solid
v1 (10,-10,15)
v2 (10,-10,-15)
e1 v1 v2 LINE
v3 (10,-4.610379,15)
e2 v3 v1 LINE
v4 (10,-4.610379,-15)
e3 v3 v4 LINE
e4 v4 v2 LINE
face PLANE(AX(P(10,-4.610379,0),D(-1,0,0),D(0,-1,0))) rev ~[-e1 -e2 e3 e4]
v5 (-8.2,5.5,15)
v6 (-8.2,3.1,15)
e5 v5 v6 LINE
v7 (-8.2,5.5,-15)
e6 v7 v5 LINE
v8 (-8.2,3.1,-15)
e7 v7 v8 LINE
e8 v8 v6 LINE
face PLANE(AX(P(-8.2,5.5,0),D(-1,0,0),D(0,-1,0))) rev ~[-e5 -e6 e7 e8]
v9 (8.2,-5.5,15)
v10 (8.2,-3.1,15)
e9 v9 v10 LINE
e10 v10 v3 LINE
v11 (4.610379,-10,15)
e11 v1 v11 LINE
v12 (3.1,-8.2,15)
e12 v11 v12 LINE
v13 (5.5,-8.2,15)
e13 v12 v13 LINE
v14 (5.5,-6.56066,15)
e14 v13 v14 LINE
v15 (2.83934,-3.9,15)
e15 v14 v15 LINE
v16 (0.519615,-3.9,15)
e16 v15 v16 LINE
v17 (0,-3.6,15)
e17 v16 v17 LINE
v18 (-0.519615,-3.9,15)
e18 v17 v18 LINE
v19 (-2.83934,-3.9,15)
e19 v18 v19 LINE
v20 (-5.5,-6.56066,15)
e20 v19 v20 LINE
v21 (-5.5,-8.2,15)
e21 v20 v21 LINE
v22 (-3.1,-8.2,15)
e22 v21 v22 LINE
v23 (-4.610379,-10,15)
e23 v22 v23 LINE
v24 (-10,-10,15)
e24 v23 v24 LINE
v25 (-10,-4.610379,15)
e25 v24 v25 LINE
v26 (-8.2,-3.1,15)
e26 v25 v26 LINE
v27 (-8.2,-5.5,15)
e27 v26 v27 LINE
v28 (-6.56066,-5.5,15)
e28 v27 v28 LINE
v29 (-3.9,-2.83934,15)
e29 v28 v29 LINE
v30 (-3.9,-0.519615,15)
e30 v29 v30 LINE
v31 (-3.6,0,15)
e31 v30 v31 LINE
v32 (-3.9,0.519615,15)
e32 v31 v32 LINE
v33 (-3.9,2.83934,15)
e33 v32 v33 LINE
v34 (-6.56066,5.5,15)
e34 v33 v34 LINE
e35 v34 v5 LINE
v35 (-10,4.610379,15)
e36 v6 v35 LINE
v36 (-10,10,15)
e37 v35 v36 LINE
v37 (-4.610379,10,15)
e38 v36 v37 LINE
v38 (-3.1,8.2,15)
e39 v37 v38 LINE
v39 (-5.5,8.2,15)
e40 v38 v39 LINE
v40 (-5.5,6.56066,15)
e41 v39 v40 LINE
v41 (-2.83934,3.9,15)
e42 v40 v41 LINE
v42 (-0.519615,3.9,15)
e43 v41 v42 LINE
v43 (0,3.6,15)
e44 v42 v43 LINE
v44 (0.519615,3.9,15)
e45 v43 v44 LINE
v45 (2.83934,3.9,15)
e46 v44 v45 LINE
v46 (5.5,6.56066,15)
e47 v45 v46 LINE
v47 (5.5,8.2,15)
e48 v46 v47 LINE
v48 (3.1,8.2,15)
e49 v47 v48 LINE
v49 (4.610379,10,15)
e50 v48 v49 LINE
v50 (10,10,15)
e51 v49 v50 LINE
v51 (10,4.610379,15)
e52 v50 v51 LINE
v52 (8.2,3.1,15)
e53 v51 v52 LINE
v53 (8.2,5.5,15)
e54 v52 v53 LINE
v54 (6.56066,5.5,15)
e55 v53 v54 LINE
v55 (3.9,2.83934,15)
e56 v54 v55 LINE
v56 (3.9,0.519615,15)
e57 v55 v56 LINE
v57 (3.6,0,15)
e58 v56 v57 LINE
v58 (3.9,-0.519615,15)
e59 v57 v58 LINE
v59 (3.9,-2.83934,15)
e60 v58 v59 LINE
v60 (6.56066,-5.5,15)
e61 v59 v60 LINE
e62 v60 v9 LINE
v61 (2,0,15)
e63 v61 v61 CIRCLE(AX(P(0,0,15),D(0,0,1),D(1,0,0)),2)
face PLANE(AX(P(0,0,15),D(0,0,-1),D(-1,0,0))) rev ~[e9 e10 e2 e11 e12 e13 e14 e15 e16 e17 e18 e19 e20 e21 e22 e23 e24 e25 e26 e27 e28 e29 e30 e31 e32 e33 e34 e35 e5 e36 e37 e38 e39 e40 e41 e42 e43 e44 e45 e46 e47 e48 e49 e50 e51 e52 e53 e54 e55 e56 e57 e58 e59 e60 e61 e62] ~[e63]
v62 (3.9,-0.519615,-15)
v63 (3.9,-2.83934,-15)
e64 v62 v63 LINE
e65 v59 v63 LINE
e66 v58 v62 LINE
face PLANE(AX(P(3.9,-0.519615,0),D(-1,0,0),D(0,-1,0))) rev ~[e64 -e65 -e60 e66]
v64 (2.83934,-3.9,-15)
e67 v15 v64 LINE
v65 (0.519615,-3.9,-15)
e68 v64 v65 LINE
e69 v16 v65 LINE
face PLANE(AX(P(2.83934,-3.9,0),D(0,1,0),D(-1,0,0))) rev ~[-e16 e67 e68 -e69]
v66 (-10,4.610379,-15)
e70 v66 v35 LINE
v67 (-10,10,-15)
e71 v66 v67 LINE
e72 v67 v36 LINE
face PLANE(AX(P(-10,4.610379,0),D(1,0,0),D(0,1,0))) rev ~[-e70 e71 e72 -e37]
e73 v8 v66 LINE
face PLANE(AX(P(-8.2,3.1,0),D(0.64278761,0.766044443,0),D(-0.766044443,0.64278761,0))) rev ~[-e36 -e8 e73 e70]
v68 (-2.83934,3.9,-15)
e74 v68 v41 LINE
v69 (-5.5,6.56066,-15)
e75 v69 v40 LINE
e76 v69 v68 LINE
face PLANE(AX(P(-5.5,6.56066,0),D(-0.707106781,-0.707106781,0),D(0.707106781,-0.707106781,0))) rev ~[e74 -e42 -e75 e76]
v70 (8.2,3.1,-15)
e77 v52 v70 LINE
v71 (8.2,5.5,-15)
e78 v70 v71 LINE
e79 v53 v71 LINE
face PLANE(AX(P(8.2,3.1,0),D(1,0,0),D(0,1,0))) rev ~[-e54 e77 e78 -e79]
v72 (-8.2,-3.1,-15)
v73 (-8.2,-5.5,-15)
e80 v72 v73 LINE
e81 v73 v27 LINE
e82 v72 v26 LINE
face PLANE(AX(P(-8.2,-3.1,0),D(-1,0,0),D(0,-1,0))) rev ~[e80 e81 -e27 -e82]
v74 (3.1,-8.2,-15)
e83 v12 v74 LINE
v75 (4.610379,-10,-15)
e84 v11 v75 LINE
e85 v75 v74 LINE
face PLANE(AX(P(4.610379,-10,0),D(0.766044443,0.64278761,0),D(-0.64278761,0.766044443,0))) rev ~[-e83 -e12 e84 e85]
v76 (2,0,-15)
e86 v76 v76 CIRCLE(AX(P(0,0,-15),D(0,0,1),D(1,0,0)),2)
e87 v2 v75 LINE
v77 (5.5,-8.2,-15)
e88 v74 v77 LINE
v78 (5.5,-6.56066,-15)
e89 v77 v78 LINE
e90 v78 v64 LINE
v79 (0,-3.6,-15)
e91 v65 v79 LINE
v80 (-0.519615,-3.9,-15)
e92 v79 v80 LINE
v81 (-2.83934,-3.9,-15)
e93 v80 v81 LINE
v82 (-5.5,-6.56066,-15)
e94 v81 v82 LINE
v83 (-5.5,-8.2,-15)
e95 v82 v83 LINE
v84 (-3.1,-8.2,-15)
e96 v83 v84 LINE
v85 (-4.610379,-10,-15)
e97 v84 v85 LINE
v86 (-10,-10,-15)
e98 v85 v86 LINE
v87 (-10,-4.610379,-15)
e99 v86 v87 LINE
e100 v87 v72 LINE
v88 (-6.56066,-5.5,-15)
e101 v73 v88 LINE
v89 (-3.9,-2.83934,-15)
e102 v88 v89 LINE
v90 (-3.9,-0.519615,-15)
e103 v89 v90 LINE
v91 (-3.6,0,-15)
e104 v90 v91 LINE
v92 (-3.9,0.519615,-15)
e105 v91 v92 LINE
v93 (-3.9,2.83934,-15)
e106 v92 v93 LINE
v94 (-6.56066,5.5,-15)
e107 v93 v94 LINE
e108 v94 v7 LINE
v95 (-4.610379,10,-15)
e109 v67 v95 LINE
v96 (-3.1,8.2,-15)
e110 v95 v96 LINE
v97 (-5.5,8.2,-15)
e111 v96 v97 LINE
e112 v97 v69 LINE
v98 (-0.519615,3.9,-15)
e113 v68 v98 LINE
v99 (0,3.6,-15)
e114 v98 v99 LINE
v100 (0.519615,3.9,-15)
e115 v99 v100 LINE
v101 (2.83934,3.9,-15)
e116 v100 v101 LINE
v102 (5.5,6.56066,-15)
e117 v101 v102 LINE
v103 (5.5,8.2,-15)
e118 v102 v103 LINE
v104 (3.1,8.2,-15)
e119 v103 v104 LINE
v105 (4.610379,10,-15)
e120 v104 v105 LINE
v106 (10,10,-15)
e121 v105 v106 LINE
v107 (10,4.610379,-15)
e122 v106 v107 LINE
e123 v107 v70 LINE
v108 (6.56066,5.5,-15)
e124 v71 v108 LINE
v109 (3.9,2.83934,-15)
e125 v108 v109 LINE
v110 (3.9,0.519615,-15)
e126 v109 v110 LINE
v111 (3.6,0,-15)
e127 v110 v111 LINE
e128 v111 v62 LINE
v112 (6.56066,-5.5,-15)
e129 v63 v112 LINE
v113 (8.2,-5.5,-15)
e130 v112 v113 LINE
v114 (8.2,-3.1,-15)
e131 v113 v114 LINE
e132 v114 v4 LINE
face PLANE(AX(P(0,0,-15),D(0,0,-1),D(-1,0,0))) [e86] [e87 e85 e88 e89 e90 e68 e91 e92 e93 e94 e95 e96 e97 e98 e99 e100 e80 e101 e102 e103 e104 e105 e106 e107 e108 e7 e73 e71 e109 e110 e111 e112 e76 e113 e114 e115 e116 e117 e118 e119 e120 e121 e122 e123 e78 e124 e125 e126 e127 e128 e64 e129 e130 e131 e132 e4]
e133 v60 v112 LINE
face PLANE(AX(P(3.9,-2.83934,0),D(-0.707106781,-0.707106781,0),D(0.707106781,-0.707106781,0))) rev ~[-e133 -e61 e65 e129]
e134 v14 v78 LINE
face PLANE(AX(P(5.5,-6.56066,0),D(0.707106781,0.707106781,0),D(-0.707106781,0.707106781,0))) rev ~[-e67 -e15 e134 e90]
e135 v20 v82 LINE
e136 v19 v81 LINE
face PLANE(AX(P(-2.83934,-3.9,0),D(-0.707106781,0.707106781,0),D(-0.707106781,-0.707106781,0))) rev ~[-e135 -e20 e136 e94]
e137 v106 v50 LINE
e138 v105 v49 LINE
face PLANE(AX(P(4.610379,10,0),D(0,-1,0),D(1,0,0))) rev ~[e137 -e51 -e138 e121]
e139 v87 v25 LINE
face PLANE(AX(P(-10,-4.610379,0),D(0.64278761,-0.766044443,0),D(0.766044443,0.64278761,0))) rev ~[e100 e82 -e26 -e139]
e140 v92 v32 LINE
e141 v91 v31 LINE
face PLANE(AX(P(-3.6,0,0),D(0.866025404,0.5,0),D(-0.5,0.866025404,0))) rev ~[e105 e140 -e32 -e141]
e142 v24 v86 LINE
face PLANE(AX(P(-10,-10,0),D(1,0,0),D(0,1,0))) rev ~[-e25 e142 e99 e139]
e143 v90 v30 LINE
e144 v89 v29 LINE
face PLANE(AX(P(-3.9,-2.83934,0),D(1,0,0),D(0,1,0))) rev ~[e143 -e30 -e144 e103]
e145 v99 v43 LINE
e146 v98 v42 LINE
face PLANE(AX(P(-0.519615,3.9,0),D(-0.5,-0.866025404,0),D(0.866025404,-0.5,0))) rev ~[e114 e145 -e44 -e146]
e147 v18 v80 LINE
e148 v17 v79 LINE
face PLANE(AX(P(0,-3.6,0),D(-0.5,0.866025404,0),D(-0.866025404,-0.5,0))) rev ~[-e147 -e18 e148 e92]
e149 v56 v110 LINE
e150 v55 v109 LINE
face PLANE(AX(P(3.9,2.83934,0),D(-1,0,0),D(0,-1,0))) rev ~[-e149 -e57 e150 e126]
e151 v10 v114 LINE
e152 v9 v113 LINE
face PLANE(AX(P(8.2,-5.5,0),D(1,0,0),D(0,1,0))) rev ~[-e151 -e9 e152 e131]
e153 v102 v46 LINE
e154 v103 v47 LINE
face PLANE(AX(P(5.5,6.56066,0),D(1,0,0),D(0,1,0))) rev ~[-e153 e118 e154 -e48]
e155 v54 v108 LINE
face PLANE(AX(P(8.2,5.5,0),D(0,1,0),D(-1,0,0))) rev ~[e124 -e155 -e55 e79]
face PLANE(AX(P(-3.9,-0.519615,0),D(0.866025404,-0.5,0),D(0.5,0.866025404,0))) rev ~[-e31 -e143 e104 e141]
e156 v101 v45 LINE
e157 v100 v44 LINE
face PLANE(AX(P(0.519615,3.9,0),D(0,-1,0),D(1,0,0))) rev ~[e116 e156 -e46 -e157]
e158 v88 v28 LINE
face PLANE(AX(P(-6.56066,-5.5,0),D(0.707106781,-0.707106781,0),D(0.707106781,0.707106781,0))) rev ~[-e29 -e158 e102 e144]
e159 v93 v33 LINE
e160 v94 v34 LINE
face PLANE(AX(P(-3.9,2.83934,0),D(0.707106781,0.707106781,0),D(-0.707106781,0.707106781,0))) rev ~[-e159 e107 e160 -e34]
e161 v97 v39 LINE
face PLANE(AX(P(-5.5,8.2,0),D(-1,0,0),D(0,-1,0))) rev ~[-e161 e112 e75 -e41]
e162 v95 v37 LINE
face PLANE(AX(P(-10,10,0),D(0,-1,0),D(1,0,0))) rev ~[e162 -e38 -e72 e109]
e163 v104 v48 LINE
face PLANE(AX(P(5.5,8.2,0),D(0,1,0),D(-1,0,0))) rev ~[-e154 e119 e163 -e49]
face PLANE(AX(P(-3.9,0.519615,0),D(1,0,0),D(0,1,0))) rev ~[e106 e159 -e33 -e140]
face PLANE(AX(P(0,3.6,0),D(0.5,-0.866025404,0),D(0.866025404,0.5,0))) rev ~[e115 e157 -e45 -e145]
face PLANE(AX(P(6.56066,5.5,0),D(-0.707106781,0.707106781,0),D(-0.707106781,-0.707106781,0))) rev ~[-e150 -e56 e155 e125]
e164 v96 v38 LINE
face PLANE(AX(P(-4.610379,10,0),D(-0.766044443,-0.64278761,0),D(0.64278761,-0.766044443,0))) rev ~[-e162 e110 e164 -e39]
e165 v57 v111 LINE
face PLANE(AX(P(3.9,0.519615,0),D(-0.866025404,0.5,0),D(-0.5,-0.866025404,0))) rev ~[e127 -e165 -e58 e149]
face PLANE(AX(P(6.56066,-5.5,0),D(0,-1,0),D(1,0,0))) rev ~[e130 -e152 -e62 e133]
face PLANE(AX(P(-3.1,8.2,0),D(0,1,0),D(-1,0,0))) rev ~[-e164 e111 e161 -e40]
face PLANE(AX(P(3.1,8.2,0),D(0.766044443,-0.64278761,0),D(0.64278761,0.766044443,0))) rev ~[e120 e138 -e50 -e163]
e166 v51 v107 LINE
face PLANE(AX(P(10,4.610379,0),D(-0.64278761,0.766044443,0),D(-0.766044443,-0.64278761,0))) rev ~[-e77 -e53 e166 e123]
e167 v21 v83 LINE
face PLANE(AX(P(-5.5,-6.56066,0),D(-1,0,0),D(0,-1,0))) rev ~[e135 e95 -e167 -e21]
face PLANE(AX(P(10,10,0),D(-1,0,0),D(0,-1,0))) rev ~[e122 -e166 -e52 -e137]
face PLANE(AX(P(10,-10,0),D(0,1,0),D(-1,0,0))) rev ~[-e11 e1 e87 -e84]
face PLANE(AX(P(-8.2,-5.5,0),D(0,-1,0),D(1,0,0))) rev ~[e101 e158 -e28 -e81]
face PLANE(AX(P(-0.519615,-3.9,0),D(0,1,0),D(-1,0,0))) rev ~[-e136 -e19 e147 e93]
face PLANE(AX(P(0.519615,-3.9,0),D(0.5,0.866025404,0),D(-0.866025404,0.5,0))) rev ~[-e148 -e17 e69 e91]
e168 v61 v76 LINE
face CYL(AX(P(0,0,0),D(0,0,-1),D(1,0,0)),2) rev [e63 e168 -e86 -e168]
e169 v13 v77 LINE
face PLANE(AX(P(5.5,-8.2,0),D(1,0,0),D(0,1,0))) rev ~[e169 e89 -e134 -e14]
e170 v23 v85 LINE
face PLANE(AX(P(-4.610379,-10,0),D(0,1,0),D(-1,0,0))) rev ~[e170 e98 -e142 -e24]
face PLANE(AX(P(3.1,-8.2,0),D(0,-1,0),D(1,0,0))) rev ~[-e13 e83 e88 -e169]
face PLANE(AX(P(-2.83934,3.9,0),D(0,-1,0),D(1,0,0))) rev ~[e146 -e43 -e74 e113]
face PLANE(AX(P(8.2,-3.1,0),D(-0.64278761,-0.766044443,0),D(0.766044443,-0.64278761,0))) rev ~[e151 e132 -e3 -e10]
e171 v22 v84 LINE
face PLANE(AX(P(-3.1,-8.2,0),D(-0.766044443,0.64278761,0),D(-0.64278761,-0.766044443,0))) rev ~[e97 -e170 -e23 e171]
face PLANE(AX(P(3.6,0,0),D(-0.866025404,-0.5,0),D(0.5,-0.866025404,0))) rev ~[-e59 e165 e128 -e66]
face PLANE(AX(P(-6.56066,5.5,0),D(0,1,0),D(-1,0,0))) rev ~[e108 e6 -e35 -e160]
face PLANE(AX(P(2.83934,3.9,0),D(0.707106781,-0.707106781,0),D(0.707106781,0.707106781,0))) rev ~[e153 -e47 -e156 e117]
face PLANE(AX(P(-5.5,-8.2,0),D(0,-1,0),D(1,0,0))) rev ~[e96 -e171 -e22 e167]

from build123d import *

# Parameters (mm, degrees)
SKETCH1_R           = 2
BOSS_EXTRUDE1_DEPTH = 15


with BuildPart() as part:
    # Sketch1 → Boss-Extrude1 (new body, symmetric)
    with BuildSketch(Plane.XY):
        Polygon((10, 10), (10, 4.610379336), (8.2, 3.1), (8.2, 5.5), (6.560660172, 5.5), (3.9, 2.839339828), (3.9, 0.519615242), (3.6, 0), (3.9, -0.519615242), (3.9, -2.839339828), (6.560660172, -5.5), (8.2, -5.5), (8.2, -3.1), (10, -4.610379336), (10, -10), (4.610379336, -10), (3.1, -8.2), (5.5, -8.2), (5.5, -6.560660172), (2.839339828, -3.9), (0.519615242, -3.9), (0, -3.6), (-0.519615242, -3.9), (-2.839339828, -3.9), (-5.5, -6.560660172), (-5.5, -8.2), (-3.1, -8.2), (-4.610379336, -10), (-10, -10), (-10, -4.610379336), (-8.2, -3.1), (-8.2, -5.5), (-6.560660172, -5.5), (-3.9, -2.839339828), (-3.9, -0.519615242), (-3.6, 0), (-3.9, 0.519615242), (-3.9, 2.839339828), (-6.560660172, 5.5), (-8.2, 5.5), (-8.2, 3.1), (-10, 4.610379336), (-10, 10), (-4.610379336, 10), (-3.1, 8.2), (-5.5, 8.2), (-5.5, 6.560660172), (-2.839339828, 3.9), (-0.519615242, 3.9), (0, 3.6), (0.519615242, 3.9), (2.839339828, 3.9), (5.5, 6.560660172), (5.5, 8.2), (3.1, 8.2), (4.610379336, 10), align=None)
        Circle(SKETCH1_R, mode=Mode.SUBTRACT)
    extrude(amount=BOSS_EXTRUDE1_DEPTH, both=True)


solid = part.part
